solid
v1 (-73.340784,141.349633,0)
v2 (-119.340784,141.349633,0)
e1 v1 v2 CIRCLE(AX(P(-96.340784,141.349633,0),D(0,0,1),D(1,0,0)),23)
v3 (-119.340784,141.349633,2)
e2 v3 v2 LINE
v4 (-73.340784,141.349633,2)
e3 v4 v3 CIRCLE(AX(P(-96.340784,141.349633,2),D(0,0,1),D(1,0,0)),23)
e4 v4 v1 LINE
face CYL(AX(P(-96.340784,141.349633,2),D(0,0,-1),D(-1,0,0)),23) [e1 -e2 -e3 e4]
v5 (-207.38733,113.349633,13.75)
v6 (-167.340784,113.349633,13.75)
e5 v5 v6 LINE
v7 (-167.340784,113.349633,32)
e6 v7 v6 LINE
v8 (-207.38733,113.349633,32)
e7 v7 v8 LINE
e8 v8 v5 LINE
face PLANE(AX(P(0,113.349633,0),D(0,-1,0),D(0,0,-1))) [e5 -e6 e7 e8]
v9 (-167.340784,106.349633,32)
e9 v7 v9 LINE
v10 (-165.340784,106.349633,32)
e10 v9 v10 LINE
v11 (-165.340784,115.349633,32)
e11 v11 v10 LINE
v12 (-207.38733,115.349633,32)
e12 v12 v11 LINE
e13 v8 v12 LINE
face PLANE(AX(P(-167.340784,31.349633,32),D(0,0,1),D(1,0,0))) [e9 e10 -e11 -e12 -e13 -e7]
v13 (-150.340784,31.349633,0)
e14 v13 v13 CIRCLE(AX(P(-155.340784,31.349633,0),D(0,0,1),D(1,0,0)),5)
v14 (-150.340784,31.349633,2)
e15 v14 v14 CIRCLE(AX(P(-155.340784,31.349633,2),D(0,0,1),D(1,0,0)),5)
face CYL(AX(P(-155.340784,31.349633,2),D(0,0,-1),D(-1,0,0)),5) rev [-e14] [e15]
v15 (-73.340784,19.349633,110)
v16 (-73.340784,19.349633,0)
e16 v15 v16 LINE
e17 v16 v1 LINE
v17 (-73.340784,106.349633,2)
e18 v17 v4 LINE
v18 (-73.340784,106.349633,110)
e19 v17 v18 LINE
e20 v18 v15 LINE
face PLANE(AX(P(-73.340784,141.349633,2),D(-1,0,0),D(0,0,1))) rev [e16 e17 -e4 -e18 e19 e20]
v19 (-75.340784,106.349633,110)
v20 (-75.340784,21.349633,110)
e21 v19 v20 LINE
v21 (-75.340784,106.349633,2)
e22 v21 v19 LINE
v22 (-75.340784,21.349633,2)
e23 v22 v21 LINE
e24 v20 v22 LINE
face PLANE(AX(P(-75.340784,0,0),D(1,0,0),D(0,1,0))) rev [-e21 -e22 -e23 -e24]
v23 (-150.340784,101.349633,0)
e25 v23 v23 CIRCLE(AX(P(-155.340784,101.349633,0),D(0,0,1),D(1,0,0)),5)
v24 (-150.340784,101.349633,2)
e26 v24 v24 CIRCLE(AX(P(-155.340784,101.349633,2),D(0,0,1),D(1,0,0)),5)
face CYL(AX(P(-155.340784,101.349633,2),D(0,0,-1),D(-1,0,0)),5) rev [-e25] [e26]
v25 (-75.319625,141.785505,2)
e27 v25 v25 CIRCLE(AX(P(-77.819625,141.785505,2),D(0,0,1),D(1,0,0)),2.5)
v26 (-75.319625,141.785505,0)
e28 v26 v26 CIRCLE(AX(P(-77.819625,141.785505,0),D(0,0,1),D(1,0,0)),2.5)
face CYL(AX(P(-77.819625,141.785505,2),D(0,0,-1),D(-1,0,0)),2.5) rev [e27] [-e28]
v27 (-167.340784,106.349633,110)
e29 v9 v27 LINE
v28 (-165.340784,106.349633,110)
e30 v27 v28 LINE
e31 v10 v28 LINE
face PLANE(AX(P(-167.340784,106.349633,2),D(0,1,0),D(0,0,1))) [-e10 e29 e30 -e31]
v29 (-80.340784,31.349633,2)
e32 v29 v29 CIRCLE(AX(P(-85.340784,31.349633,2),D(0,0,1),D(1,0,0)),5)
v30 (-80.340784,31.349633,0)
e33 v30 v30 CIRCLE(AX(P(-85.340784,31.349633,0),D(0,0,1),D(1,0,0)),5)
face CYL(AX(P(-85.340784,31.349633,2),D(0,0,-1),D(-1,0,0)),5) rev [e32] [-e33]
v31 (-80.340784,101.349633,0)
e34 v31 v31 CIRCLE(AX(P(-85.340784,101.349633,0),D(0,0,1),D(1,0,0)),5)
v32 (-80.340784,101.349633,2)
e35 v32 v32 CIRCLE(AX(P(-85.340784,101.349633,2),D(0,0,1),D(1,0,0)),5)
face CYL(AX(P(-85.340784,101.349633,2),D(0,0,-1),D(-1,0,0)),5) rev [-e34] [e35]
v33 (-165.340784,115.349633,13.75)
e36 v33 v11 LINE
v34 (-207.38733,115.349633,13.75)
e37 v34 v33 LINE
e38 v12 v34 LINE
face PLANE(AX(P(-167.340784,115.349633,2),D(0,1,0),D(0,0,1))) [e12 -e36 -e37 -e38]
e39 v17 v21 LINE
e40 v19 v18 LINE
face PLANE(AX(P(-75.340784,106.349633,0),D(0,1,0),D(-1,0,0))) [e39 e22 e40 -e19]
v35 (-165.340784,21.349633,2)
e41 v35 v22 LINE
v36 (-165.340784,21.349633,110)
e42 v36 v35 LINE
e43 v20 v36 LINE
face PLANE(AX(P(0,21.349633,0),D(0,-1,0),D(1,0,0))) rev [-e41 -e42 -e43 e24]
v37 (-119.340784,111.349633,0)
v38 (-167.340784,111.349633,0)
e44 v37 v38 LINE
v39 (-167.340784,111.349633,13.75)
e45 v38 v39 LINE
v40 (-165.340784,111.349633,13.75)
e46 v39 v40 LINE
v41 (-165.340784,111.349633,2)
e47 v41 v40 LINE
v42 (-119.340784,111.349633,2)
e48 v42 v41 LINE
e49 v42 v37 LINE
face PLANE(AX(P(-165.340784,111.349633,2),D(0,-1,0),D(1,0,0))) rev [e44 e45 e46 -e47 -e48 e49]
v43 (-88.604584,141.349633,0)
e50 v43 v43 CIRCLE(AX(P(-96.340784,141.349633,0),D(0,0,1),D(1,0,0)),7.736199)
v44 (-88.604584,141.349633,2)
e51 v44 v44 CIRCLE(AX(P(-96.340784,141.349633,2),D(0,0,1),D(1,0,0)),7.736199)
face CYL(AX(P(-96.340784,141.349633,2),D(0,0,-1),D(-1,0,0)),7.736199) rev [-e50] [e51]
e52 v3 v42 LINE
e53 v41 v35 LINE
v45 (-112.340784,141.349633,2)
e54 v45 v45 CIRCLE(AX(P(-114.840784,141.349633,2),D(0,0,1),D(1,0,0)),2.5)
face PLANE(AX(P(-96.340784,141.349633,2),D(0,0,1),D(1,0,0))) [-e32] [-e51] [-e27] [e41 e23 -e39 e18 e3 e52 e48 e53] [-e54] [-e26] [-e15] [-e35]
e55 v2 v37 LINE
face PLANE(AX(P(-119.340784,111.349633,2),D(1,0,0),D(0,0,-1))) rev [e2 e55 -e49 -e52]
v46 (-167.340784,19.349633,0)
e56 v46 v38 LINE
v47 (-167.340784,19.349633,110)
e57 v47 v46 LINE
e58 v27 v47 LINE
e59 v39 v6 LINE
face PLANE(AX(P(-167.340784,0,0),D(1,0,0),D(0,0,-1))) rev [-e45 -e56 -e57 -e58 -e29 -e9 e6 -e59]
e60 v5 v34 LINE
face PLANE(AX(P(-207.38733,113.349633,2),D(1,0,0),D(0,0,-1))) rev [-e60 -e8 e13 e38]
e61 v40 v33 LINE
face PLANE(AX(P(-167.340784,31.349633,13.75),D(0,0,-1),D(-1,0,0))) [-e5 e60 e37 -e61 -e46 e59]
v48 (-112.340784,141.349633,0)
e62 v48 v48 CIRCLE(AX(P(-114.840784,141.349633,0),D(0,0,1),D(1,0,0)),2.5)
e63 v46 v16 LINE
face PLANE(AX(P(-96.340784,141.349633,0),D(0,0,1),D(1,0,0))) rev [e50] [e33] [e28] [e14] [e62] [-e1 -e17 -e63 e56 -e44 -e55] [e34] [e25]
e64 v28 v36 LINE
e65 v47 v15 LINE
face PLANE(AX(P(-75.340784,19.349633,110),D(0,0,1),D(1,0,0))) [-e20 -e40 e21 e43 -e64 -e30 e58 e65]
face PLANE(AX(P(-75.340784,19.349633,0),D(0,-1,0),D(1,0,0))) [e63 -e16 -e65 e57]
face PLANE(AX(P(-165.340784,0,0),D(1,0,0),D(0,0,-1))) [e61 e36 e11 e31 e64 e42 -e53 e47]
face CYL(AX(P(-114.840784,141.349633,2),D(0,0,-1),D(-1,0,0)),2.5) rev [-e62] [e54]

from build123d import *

# Parameters (mm, degrees)
SKETCH1_R           = 7.736199
SKETCH1_R_2         = 5
SKETCH1_R_3         = 2.5
BOSS_EXTRUDE1_DEPTH = 2
BOSS_EXTRUDE4_START = 21.349633
SKETCH2_W           = 92
SKETCH2_H           = 110
BOSS_EXTRUDE4_DEPTH = 2
SKETCH4_W           = 110
SKETCH4_H           = 87
BOSS_EXTRUDE5_DEPTH = 2
BOSS_EXTRUDE6_START = -165.340784
BOSS_EXTRUDE6_DEPTH = 2
BOSS_EXTRUDE8_START = 115.349633
SKETCH7_W           = 42.046546
SKETCH7_H           = 18.25
BOSS_EXTRUDE8_DEPTH = 2


with BuildPart() as part:
    # Sketch1 → Boss-Extrude1 (new body)
    with BuildSketch(Plane.XY):
        with BuildLine():
            Line((-73.340784, 141.349633), (-73.340784, 21.349633))
            Line((-73.340784, 21.349633), (-119.340784, 21.349633))
            Line((-119.340784, 21.349633), (-165.340784, 21.349633))
            Line((-165.340784, 21.349633), (-165.340784, 31.349633))
            Line((-165.340784, 31.349633), (-165.340784, 111.349633))
            Line((-165.340784, 111.349633), (-119.340784, 111.349633))
            Line((-119.340784, 111.349633), (-119.340784, 141.349633))
            ThreePointArc((-119.340784, 141.349633), (-96.340784, 164.349633), (-73.340784, 141.349633))
        make_face()
        with Locations((-96.340784, 141.349633)):
            Circle(SKETCH1_R, mode=Mode.SUBTRACT)
        with Locations((-85.340784, 101.349633)):
            Circle(SKETCH1_R_2, mode=Mode.SUBTRACT)
        with Locations((-77.819625, 141.785505)):
            Circle(SKETCH1_R_3, mode=Mode.SUBTRACT)
        with Locations((-114.840784, 141.349633)):
            Circle(SKETCH1_R_3, mode=Mode.SUBTRACT)
        with Locations((-155.340784, 101.349633)):
            Circle(SKETCH1_R_2, mode=Mode.SUBTRACT)
        with Locations((-85.340784, 31.349633)):
            Circle(SKETCH1_R_2, mode=Mode.SUBTRACT)
        with Locations((-155.340784, 31.349633)):
            Circle(SKETCH1_R_2, mode=Mode.SUBTRACT)
    extrude(amount=BOSS_EXTRUDE1_DEPTH)



with BuildPart() as body_2:
    # Sketch2 → Boss-Extrude4 (new body)
    with BuildSketch(Plane(origin=(0, 0, 0), x_dir=(1, 0, 0), z_dir=(0, 1, 0)).offset(BOSS_EXTRUDE4_START)):
        with Locations((-119.340784, -55)):
            Rectangle(SKETCH2_W, SKETCH2_H)
    extrude(amount=-BOSS_EXTRUDE4_DEPTH)


with BuildPart() as part_1:
    add(part.part)

    add(body_2.part)  # Boss-Extrude5 merges body 2
    # Sketch4 → Boss-Extrude5 (add)
    with BuildSketch(Plane(origin=(-73.340784, 0, 0), x_dir=(0, 0, -1), z_dir=(1, 0, 0))):
        with Locations((-55, 62.849633)):
            Rectangle(SKETCH4_W, SKETCH4_H)
    extrude(amount=-BOSS_EXTRUDE5_DEPTH)

    # Sketch5 → Boss-Extrude6 (add)
    with BuildSketch(Plane(origin=(0, 0, 0), x_dir=(0, 0, -1), z_dir=(1, 0, 0)).offset(BOSS_EXTRUDE6_START)):
        Polygon((0, 19.349633), (-110, 19.349633), (-110, 106.349633), (-32, 106.349633), (-32, 115.349633), (-13.75, 115.349633), (-13.75, 111.349633), (0, 111.349633), (0, 106.349633), align=None)
    extrude(amount=-BOSS_EXTRUDE6_DEPTH)

    # Sketch7 → Boss-Extrude8 (add)
    with BuildSketch(Plane(origin=(0, 0, 0), x_dir=(1, 0, 0), z_dir=(0, 1, 0)).offset(BOSS_EXTRUDE8_START)):
        with Locations((-186.364057, -22.875)):
            Rectangle(SKETCH7_W, SKETCH7_H)
    extrude(amount=-BOSS_EXTRUDE8_DEPTH)


solid = part_1.part
